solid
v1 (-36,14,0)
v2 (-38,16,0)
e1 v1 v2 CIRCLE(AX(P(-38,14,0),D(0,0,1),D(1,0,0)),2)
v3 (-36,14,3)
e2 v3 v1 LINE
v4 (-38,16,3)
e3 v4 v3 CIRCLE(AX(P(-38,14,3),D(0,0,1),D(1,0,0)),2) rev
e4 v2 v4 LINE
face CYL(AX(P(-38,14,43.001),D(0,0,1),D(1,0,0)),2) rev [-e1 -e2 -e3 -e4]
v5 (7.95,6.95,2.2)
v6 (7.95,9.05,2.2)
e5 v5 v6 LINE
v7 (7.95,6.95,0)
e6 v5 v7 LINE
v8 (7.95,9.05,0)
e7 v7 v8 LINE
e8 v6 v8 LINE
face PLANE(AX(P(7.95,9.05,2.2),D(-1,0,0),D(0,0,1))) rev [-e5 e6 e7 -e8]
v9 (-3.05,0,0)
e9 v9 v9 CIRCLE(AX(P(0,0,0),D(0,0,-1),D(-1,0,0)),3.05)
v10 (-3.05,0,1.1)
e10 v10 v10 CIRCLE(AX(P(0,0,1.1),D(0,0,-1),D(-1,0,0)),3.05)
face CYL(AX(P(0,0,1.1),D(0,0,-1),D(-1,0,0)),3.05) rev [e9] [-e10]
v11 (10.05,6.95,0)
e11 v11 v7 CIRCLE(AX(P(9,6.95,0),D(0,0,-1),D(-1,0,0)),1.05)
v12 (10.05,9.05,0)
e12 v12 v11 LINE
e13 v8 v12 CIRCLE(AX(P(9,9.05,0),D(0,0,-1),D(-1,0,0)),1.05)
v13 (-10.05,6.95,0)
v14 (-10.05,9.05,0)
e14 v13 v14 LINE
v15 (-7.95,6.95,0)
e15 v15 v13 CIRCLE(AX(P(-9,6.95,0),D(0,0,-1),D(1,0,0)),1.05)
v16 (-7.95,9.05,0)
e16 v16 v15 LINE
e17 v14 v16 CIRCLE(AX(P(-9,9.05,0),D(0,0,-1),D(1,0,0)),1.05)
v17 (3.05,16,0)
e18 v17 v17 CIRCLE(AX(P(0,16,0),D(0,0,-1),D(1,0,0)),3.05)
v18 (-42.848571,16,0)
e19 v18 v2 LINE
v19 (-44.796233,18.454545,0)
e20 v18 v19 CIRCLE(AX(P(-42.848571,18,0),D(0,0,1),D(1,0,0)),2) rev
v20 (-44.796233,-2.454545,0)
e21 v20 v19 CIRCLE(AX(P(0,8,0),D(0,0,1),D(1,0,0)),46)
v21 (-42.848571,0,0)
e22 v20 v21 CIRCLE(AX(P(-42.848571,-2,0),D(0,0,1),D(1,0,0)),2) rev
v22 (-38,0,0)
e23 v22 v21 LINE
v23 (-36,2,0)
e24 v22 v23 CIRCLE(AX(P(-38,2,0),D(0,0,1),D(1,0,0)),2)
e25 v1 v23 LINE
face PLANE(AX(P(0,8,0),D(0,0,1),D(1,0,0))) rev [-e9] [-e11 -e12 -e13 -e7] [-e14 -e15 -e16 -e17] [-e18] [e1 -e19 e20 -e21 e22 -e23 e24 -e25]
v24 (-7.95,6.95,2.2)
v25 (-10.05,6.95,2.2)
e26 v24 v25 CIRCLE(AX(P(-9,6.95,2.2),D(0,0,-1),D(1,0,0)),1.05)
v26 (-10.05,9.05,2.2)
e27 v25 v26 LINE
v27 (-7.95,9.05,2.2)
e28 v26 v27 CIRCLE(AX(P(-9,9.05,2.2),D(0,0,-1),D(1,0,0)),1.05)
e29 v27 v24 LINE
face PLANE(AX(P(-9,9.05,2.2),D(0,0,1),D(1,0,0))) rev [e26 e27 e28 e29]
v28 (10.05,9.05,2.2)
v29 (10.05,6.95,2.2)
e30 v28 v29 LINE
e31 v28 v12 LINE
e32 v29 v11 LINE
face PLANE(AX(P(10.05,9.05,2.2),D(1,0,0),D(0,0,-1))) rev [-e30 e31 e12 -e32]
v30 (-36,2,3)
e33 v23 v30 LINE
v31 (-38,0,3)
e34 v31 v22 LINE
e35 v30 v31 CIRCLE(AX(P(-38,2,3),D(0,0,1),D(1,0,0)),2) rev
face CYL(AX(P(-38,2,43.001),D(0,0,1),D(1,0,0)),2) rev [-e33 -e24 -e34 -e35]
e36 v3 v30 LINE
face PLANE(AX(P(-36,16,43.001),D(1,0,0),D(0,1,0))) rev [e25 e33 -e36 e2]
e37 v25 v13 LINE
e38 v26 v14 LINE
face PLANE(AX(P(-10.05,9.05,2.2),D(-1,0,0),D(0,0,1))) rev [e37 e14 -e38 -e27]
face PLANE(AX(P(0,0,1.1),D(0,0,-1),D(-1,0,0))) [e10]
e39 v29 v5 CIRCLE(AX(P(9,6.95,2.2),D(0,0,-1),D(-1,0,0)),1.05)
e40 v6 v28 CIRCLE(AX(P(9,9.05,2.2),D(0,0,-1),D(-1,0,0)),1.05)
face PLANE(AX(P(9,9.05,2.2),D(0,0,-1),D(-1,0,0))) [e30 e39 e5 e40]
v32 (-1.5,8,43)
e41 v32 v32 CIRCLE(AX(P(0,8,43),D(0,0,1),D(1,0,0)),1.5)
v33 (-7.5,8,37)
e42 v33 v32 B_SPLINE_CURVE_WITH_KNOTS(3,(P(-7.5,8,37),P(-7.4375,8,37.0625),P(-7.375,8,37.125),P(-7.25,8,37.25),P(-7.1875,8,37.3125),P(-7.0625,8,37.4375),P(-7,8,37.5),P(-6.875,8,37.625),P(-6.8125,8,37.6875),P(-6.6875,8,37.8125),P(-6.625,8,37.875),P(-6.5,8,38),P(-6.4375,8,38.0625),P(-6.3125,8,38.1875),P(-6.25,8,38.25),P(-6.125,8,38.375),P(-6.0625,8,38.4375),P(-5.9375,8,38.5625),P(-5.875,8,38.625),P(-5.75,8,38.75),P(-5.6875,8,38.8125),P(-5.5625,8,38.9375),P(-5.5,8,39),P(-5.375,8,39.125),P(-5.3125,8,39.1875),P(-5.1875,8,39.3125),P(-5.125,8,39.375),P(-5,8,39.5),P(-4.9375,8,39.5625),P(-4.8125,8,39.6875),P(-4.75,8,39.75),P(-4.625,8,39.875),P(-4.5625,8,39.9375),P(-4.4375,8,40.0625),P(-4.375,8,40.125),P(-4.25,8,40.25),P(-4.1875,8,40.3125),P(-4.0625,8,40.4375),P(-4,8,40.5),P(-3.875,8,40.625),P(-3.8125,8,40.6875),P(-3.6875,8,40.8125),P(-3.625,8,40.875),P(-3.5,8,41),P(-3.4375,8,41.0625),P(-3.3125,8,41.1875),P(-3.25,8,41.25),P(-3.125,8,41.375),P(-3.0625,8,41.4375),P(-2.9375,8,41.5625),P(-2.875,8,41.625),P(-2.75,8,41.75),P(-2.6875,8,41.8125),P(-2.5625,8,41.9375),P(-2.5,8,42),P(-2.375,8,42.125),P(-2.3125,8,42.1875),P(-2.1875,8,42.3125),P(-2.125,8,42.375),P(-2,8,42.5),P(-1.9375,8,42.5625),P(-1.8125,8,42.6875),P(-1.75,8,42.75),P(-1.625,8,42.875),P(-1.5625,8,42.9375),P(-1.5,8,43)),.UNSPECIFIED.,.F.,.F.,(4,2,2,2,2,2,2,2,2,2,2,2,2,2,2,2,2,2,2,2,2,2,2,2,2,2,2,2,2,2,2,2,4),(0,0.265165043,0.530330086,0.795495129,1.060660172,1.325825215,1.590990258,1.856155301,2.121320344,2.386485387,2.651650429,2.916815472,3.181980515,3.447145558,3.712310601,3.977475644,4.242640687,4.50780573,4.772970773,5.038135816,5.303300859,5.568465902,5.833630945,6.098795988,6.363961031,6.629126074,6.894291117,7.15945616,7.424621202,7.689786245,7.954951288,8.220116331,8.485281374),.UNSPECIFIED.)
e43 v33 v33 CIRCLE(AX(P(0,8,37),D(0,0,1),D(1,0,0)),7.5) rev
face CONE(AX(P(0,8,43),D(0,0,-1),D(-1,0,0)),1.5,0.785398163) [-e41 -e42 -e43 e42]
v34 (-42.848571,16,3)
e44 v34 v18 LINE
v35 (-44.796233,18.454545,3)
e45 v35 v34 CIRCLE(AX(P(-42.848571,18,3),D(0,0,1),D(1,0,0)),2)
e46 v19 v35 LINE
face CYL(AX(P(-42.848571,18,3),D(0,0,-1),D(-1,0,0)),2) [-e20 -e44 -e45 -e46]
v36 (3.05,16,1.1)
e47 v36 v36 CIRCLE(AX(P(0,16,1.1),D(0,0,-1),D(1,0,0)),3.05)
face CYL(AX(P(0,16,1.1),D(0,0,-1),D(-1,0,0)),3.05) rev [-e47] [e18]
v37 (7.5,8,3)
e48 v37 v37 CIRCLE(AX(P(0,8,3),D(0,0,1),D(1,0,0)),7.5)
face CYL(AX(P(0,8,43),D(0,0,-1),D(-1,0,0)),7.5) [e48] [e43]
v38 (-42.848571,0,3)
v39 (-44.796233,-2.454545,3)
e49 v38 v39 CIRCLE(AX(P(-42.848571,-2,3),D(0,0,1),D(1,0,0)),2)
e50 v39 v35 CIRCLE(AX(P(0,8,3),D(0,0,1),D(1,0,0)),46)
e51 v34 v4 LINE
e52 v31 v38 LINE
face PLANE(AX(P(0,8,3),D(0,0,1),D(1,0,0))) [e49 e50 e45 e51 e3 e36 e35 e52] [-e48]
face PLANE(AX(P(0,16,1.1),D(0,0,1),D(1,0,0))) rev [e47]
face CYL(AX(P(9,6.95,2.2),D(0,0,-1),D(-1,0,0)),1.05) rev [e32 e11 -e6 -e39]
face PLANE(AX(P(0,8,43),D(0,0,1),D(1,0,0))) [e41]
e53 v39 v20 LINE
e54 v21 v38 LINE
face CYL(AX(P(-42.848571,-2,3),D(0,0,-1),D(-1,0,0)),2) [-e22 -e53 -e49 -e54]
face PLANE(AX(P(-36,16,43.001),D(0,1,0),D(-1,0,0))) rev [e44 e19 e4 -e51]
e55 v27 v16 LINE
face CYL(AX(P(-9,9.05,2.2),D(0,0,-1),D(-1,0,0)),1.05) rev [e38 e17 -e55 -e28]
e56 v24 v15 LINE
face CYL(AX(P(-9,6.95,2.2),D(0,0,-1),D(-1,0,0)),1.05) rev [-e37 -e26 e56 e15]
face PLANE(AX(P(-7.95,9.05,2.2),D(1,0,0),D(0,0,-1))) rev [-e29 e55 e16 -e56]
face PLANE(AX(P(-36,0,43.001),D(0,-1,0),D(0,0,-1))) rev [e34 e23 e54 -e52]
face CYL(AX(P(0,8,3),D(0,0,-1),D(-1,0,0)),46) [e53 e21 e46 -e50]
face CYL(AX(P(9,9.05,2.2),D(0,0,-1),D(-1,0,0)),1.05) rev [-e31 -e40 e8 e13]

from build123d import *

# Parameters (mm, degrees)
SKETCH1_R           = 46
BOSS_EXTRUDE1_DEPTH = 3
SKETCH3_R           = 3.05
CUT_EXTRUDE2_DEPTH  = 1.1
CUT_EXTRUDE1_DEPTH  = 2.2
SKETCH4_R           = 7.5
BOSS_EXTRUDE2_DEPTH = 40
CHAMFER1_SIZE       = 6
SIZE_MEDICINE_REACH = 84.952
SKETCH5_W           = 10
SKETCH5_H           = 16
FILLET1_R           = 2


with BuildPart() as part:
    # Sketch1 → Boss-Extrude1 (new body)
    with BuildSketch(Plane.XY):
        with Locations((0, 8)):
            Circle(SKETCH1_R)
    extrude(amount=BOSS_EXTRUDE1_DEPTH)

    # Sketch3 → Cut-Extrude2 (cut)
    with BuildSketch(Plane(origin=(0, 0, 0), x_dir=(-1, 0, 0), z_dir=(0, 0, -1))):
        Circle(SKETCH3_R)
        with Locations(Location((0, 16, 0), (0, 0, 180))):
            Circle(SKETCH3_R)
    extrude(amount=-CUT_EXTRUDE2_DEPTH, mode=Mode.SUBTRACT)

    # Sketch2 → Cut-Extrude1 (cut)
    with BuildSketch(Plane(origin=(0, 0, 0), x_dir=(-1, 0, 0), z_dir=(0, 0, -1))):
        with BuildLine():
            Line((-7.95, 9.05), (-7.95, 6.95))
            ThreePointArc((-7.95, 6.95), (-9, 5.9), (-10.05, 6.95))
            Line((-10.05, 6.95), (-10.05, 9.05))
            ThreePointArc((-10.05, 9.05), (-9, 10.1), (-7.95, 9.05))
        make_face()
        with BuildLine():
            Line((7.95, 9.05), (7.95, 6.95))
            ThreePointArc((7.95, 6.95), (9, 5.9), (10.05, 6.95))
            Line((10.05, 6.95), (10.05, 9.05))
            ThreePointArc((10.05, 9.05), (9, 10.1), (7.95, 9.05))
        make_face()
    extrude(amount=-CUT_EXTRUDE1_DEPTH, mode=Mode.SUBTRACT)

    # Sketch4 → Boss-Extrude2 (add)
    with BuildSketch(Plane.XY.offset(3)):
        with Locations((0, 8)):
            Circle(SKETCH4_R)
    extrude(amount=BOSS_EXTRUDE2_DEPTH)

    # Chamfer1
    chamfer1_edges = [part.edges().sort_by_distance(p)[0] for p in [
        (-7.5, 8, 43),
    ]]
    chamfer(chamfer1_edges, length=CHAMFER1_SIZE)

    # Sketch5 → Size-Medicine (cut, up to next)
    with BuildSketch(Plane(origin=(0, 0, 0), x_dir=(-1, 0, 0), z_dir=(0, 0, -1)), mode=Mode.PRIVATE) as size_medicine_sk1:
        with Locations((41, 8)):
            Rectangle(SKETCH5_W, SKETCH5_H)
    size_medicine_tool1 = extrude(size_medicine_sk1.sketch, amount=-SIZE_MEDICINE_REACH, mode=Mode.PRIVATE) & part.part
    add(size_medicine_tool1.solids().sort_by_distance((-41, 8, 0))[0], mode=Mode.SUBTRACT)

    # Fillet1
    fillet1_edges = [part.edges().sort_by_distance(p)[0] for p in [
        (-45.299006612, 0, 1.5),
        (-45.299006612, 16, 1.5),
        (-36, 16, 1.5),
        (-36, 0, 1.5),
    ]]
    fillet(fillet1_edges, radius=FILLET1_R)


solid = part.part
